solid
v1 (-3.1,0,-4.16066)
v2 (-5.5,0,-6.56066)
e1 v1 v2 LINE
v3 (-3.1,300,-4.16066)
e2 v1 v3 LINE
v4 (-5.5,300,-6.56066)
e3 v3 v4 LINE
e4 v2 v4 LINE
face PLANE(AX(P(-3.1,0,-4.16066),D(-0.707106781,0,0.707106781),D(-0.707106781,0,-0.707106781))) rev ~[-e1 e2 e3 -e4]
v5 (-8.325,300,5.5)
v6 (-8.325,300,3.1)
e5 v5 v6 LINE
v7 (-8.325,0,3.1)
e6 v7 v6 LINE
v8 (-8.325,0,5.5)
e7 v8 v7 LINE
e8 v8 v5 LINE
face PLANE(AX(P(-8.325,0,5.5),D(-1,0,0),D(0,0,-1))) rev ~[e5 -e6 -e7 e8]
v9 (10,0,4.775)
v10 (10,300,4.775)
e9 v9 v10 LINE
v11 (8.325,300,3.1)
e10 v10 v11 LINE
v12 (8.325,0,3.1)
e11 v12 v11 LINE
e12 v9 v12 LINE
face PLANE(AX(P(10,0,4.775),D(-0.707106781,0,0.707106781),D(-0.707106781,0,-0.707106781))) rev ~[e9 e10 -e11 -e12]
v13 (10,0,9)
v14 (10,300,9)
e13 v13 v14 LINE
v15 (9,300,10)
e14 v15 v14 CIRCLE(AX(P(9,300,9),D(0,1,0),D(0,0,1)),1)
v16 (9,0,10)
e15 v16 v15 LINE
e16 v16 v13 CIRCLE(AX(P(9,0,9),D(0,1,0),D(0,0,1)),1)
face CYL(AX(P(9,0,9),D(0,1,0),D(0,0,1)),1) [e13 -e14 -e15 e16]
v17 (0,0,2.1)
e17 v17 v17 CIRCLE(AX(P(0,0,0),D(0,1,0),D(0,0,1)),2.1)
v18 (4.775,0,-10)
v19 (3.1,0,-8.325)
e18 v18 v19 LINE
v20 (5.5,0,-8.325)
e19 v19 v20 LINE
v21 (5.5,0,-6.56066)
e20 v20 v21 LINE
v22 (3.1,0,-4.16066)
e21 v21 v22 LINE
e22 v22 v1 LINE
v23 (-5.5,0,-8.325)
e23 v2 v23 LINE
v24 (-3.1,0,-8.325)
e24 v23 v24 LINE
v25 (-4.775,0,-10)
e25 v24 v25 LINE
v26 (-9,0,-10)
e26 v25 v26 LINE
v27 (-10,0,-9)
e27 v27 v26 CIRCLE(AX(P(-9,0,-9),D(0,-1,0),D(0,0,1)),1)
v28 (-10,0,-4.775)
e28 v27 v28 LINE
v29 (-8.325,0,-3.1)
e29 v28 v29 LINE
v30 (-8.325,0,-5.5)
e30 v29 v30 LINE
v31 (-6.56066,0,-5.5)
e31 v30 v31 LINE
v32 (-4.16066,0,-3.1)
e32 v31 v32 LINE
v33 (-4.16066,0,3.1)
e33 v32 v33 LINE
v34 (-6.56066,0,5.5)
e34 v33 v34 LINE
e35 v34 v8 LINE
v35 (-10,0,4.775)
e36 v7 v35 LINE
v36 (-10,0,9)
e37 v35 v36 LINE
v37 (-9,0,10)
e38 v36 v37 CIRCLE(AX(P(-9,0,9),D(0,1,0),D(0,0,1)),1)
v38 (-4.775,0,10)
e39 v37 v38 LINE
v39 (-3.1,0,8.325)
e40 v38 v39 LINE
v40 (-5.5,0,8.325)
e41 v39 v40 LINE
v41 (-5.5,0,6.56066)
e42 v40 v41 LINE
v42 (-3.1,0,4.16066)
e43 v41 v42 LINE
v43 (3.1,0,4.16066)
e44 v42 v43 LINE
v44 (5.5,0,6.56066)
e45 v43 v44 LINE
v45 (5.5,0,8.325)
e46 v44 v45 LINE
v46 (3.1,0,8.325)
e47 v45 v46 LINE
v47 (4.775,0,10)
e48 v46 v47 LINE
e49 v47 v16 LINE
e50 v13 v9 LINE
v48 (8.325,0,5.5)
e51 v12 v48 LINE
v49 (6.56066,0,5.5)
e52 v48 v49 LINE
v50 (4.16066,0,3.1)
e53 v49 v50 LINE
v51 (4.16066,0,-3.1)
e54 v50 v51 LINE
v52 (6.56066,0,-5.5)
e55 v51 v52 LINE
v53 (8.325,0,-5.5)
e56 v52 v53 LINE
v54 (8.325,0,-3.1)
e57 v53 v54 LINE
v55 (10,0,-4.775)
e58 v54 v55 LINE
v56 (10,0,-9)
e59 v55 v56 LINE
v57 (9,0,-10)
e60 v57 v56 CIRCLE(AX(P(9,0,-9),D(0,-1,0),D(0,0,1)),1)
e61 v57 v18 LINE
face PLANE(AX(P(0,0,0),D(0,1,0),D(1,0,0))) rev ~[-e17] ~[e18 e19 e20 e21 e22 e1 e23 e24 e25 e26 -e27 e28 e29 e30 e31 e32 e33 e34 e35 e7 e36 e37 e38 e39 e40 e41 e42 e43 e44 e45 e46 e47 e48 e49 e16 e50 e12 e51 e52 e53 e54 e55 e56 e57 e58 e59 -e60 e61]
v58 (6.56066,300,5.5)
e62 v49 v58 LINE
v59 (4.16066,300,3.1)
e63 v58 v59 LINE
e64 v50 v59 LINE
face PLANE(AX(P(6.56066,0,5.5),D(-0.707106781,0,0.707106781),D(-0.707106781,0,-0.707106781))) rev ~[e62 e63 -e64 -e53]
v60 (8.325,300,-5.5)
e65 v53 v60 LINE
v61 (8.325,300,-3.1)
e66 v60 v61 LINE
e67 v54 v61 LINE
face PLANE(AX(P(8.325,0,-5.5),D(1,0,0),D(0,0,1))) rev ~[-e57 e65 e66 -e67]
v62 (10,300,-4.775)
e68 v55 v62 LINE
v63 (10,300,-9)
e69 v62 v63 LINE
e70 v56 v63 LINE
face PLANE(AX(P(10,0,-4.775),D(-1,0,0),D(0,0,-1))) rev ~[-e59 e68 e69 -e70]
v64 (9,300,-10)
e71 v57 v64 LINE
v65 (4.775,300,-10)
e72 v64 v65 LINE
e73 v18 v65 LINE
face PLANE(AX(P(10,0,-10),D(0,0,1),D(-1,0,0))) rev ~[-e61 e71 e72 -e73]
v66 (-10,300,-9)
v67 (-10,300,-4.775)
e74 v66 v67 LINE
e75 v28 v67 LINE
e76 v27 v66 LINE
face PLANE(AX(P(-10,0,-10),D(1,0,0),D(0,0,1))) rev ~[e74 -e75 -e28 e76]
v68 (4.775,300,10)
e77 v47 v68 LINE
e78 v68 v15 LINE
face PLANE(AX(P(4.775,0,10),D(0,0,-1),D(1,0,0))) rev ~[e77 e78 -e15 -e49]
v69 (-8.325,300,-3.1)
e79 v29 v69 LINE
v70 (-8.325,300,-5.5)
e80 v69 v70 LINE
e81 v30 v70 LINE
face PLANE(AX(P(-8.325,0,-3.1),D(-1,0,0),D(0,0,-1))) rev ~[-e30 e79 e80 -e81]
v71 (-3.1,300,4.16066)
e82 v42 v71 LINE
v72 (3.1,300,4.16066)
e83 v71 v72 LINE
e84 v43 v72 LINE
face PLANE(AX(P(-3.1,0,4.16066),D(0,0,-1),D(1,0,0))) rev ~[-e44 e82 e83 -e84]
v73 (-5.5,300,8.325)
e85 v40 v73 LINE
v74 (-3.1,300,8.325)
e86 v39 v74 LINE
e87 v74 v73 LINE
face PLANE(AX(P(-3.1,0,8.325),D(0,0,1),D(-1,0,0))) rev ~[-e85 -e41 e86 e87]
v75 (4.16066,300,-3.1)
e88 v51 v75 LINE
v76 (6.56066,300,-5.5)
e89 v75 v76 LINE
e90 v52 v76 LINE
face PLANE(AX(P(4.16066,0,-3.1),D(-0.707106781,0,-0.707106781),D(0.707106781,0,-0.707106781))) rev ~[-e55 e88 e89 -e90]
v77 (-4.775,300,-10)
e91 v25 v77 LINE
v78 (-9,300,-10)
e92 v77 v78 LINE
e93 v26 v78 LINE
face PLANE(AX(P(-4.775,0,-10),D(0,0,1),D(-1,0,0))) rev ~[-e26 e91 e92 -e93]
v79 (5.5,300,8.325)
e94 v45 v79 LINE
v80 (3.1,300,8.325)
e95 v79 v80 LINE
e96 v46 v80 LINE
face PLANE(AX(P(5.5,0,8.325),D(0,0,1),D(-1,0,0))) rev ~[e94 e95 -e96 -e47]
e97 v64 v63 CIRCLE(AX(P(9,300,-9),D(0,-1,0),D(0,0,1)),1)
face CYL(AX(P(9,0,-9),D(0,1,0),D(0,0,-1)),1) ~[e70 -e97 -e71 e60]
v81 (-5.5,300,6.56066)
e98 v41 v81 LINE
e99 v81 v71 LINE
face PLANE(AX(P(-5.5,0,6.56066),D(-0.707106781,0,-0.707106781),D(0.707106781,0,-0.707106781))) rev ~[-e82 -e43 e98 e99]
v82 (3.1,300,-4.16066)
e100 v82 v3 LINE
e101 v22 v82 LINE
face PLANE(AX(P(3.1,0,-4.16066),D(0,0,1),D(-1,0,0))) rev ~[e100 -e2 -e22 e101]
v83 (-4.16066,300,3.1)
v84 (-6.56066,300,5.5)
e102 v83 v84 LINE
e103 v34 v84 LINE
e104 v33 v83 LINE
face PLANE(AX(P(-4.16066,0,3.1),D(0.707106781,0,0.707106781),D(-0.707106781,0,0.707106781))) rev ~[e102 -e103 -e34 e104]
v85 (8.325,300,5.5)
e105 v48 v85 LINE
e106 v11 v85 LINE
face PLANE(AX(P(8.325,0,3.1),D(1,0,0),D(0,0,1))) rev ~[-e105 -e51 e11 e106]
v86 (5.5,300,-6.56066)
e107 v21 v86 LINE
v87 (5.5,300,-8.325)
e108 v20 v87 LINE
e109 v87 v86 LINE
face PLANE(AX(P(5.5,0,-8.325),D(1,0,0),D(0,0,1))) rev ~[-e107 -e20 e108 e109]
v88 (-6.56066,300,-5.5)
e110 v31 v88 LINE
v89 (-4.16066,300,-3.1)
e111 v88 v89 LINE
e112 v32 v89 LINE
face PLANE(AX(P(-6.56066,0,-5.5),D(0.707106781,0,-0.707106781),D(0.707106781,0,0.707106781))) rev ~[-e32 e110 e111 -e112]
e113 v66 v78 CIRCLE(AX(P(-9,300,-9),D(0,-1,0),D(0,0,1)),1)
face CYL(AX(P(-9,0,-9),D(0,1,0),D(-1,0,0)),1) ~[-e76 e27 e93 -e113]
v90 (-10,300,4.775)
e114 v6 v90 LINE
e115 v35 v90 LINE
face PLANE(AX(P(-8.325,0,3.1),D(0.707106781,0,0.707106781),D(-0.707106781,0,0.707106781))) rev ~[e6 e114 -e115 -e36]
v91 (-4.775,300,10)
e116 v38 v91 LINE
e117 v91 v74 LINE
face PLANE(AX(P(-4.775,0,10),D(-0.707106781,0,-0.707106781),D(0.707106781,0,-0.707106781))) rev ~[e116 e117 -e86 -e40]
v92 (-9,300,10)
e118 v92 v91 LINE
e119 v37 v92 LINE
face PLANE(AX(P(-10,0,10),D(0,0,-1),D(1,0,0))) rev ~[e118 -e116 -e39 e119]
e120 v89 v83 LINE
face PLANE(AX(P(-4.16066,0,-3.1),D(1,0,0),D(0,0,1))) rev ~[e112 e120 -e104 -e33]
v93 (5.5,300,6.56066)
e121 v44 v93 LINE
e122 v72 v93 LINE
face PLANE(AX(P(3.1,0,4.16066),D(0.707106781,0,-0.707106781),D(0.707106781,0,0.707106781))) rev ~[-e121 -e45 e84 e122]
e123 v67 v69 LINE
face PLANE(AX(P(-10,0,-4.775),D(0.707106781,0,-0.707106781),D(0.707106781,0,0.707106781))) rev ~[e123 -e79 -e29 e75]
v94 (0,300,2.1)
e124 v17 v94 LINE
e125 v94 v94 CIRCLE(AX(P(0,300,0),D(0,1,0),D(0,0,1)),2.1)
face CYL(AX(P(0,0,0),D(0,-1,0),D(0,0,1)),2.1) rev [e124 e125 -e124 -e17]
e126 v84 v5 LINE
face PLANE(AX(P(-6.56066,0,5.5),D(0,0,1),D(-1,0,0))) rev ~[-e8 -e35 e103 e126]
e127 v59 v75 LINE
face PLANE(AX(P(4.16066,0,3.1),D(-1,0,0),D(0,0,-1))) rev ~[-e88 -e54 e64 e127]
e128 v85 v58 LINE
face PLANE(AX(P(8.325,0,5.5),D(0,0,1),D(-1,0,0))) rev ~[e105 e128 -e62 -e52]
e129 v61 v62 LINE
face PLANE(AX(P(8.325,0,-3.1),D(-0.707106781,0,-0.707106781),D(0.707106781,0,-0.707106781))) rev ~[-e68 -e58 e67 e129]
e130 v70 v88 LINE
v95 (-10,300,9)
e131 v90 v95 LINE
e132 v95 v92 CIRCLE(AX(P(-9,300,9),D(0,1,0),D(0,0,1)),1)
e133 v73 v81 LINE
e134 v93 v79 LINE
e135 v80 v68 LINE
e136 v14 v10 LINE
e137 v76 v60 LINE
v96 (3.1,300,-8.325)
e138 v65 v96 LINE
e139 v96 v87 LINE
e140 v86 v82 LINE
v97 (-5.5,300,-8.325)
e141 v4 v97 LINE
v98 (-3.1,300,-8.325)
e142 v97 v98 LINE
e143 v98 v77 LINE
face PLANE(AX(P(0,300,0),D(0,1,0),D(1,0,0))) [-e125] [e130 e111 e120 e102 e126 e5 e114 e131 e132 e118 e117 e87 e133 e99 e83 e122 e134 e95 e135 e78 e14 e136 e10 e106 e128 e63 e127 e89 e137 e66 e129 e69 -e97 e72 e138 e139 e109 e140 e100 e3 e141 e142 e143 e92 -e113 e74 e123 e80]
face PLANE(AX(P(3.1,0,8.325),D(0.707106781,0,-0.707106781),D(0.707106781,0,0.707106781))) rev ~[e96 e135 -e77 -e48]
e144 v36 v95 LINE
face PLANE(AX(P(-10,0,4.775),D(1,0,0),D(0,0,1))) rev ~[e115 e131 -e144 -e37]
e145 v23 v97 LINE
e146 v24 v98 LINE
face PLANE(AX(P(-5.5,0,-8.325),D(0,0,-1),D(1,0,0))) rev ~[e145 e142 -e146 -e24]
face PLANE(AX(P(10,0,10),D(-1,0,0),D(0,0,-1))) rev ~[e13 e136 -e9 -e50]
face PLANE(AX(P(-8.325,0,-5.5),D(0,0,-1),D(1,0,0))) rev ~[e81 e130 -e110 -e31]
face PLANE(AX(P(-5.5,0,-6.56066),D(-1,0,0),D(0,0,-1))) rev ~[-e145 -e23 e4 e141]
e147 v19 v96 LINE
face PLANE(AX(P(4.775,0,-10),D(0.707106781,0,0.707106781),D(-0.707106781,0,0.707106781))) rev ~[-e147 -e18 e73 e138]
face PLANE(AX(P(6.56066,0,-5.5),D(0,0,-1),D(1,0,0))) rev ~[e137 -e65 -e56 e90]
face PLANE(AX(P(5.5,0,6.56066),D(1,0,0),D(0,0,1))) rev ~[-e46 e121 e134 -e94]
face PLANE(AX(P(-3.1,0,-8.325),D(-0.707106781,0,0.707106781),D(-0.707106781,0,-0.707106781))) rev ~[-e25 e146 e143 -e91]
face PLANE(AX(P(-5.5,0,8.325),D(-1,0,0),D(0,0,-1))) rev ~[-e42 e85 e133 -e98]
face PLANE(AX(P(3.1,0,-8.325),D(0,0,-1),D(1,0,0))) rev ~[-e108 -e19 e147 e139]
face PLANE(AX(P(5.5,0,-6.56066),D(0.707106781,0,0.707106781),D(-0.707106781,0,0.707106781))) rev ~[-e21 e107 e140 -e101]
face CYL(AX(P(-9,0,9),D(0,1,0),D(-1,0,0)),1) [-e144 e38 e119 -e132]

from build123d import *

# Parameters (mm, degrees)
MASTERLAYOUTSKETCH_R = 2.1
MAIN_EXTRUSION_DEPTH = 300
EDGE_FILLETS_R       = 1


with BuildPart() as part:
    # MasterLayoutSketch → Main Extrusion (new body)
    with BuildSketch(Plane(origin=(0, 0, 0), x_dir=(1, 0, 0), z_dir=(0, 1, 0))):
        Polygon((-8.325, 3.1), (-8.325, 5.5), (-6.560660172, 5.5), (-4.160660172, 3.1), (-4.160660172, -3.1), (-6.560660172, -5.5), (-8.325, -5.5), (-8.325, -3.1), (-10, -4.775), (-10, -10), (-4.775, -10), (-3.1, -8.325), (-5.5, -8.325), (-5.5, -6.560660172), (-3.1, -4.160660172), (3.1, -4.160660172), (5.5, -6.560660172), (5.5, -8.325), (3.1, -8.325), (4.775, -10), (10, -10), (10, -4.775), (8.325, -3.1), (8.325, -5.5), (6.560660172, -5.5), (4.160660172, -3.1), (4.160660172, 3.1), (6.560660172, 5.5), (8.325, 5.5), (8.325, 3.1), (10, 4.775), (10, 10), (4.775, 10), (3.1, 8.325), (5.5, 8.325), (5.5, 6.560660172), (3.1, 4.160660172), (-3.1, 4.160660172), (-5.5, 6.560660172), (-5.5, 8.325), (-3.1, 8.325), (-4.775, 10), (-10, 10), (-10, 4.775), align=None)
        with Locations(Location((0, 0, 0), (0, 0, 270))):
            Circle(MASTERLAYOUTSKETCH_R, mode=Mode.SUBTRACT)
    extrude(amount=MAIN_EXTRUSION_DEPTH)

    # Edge Fillets
    edge_fillets_edges = [part.edges().sort_by_distance(p)[0] for p in [
        (10, 150, -10),
        (10, 150, 10),
        (-10, 150, 10),
        (-10, 150, -10),
    ]]
    fillet(edge_fillets_edges, radius=EDGE_FILLETS_R)


solid = part.part
